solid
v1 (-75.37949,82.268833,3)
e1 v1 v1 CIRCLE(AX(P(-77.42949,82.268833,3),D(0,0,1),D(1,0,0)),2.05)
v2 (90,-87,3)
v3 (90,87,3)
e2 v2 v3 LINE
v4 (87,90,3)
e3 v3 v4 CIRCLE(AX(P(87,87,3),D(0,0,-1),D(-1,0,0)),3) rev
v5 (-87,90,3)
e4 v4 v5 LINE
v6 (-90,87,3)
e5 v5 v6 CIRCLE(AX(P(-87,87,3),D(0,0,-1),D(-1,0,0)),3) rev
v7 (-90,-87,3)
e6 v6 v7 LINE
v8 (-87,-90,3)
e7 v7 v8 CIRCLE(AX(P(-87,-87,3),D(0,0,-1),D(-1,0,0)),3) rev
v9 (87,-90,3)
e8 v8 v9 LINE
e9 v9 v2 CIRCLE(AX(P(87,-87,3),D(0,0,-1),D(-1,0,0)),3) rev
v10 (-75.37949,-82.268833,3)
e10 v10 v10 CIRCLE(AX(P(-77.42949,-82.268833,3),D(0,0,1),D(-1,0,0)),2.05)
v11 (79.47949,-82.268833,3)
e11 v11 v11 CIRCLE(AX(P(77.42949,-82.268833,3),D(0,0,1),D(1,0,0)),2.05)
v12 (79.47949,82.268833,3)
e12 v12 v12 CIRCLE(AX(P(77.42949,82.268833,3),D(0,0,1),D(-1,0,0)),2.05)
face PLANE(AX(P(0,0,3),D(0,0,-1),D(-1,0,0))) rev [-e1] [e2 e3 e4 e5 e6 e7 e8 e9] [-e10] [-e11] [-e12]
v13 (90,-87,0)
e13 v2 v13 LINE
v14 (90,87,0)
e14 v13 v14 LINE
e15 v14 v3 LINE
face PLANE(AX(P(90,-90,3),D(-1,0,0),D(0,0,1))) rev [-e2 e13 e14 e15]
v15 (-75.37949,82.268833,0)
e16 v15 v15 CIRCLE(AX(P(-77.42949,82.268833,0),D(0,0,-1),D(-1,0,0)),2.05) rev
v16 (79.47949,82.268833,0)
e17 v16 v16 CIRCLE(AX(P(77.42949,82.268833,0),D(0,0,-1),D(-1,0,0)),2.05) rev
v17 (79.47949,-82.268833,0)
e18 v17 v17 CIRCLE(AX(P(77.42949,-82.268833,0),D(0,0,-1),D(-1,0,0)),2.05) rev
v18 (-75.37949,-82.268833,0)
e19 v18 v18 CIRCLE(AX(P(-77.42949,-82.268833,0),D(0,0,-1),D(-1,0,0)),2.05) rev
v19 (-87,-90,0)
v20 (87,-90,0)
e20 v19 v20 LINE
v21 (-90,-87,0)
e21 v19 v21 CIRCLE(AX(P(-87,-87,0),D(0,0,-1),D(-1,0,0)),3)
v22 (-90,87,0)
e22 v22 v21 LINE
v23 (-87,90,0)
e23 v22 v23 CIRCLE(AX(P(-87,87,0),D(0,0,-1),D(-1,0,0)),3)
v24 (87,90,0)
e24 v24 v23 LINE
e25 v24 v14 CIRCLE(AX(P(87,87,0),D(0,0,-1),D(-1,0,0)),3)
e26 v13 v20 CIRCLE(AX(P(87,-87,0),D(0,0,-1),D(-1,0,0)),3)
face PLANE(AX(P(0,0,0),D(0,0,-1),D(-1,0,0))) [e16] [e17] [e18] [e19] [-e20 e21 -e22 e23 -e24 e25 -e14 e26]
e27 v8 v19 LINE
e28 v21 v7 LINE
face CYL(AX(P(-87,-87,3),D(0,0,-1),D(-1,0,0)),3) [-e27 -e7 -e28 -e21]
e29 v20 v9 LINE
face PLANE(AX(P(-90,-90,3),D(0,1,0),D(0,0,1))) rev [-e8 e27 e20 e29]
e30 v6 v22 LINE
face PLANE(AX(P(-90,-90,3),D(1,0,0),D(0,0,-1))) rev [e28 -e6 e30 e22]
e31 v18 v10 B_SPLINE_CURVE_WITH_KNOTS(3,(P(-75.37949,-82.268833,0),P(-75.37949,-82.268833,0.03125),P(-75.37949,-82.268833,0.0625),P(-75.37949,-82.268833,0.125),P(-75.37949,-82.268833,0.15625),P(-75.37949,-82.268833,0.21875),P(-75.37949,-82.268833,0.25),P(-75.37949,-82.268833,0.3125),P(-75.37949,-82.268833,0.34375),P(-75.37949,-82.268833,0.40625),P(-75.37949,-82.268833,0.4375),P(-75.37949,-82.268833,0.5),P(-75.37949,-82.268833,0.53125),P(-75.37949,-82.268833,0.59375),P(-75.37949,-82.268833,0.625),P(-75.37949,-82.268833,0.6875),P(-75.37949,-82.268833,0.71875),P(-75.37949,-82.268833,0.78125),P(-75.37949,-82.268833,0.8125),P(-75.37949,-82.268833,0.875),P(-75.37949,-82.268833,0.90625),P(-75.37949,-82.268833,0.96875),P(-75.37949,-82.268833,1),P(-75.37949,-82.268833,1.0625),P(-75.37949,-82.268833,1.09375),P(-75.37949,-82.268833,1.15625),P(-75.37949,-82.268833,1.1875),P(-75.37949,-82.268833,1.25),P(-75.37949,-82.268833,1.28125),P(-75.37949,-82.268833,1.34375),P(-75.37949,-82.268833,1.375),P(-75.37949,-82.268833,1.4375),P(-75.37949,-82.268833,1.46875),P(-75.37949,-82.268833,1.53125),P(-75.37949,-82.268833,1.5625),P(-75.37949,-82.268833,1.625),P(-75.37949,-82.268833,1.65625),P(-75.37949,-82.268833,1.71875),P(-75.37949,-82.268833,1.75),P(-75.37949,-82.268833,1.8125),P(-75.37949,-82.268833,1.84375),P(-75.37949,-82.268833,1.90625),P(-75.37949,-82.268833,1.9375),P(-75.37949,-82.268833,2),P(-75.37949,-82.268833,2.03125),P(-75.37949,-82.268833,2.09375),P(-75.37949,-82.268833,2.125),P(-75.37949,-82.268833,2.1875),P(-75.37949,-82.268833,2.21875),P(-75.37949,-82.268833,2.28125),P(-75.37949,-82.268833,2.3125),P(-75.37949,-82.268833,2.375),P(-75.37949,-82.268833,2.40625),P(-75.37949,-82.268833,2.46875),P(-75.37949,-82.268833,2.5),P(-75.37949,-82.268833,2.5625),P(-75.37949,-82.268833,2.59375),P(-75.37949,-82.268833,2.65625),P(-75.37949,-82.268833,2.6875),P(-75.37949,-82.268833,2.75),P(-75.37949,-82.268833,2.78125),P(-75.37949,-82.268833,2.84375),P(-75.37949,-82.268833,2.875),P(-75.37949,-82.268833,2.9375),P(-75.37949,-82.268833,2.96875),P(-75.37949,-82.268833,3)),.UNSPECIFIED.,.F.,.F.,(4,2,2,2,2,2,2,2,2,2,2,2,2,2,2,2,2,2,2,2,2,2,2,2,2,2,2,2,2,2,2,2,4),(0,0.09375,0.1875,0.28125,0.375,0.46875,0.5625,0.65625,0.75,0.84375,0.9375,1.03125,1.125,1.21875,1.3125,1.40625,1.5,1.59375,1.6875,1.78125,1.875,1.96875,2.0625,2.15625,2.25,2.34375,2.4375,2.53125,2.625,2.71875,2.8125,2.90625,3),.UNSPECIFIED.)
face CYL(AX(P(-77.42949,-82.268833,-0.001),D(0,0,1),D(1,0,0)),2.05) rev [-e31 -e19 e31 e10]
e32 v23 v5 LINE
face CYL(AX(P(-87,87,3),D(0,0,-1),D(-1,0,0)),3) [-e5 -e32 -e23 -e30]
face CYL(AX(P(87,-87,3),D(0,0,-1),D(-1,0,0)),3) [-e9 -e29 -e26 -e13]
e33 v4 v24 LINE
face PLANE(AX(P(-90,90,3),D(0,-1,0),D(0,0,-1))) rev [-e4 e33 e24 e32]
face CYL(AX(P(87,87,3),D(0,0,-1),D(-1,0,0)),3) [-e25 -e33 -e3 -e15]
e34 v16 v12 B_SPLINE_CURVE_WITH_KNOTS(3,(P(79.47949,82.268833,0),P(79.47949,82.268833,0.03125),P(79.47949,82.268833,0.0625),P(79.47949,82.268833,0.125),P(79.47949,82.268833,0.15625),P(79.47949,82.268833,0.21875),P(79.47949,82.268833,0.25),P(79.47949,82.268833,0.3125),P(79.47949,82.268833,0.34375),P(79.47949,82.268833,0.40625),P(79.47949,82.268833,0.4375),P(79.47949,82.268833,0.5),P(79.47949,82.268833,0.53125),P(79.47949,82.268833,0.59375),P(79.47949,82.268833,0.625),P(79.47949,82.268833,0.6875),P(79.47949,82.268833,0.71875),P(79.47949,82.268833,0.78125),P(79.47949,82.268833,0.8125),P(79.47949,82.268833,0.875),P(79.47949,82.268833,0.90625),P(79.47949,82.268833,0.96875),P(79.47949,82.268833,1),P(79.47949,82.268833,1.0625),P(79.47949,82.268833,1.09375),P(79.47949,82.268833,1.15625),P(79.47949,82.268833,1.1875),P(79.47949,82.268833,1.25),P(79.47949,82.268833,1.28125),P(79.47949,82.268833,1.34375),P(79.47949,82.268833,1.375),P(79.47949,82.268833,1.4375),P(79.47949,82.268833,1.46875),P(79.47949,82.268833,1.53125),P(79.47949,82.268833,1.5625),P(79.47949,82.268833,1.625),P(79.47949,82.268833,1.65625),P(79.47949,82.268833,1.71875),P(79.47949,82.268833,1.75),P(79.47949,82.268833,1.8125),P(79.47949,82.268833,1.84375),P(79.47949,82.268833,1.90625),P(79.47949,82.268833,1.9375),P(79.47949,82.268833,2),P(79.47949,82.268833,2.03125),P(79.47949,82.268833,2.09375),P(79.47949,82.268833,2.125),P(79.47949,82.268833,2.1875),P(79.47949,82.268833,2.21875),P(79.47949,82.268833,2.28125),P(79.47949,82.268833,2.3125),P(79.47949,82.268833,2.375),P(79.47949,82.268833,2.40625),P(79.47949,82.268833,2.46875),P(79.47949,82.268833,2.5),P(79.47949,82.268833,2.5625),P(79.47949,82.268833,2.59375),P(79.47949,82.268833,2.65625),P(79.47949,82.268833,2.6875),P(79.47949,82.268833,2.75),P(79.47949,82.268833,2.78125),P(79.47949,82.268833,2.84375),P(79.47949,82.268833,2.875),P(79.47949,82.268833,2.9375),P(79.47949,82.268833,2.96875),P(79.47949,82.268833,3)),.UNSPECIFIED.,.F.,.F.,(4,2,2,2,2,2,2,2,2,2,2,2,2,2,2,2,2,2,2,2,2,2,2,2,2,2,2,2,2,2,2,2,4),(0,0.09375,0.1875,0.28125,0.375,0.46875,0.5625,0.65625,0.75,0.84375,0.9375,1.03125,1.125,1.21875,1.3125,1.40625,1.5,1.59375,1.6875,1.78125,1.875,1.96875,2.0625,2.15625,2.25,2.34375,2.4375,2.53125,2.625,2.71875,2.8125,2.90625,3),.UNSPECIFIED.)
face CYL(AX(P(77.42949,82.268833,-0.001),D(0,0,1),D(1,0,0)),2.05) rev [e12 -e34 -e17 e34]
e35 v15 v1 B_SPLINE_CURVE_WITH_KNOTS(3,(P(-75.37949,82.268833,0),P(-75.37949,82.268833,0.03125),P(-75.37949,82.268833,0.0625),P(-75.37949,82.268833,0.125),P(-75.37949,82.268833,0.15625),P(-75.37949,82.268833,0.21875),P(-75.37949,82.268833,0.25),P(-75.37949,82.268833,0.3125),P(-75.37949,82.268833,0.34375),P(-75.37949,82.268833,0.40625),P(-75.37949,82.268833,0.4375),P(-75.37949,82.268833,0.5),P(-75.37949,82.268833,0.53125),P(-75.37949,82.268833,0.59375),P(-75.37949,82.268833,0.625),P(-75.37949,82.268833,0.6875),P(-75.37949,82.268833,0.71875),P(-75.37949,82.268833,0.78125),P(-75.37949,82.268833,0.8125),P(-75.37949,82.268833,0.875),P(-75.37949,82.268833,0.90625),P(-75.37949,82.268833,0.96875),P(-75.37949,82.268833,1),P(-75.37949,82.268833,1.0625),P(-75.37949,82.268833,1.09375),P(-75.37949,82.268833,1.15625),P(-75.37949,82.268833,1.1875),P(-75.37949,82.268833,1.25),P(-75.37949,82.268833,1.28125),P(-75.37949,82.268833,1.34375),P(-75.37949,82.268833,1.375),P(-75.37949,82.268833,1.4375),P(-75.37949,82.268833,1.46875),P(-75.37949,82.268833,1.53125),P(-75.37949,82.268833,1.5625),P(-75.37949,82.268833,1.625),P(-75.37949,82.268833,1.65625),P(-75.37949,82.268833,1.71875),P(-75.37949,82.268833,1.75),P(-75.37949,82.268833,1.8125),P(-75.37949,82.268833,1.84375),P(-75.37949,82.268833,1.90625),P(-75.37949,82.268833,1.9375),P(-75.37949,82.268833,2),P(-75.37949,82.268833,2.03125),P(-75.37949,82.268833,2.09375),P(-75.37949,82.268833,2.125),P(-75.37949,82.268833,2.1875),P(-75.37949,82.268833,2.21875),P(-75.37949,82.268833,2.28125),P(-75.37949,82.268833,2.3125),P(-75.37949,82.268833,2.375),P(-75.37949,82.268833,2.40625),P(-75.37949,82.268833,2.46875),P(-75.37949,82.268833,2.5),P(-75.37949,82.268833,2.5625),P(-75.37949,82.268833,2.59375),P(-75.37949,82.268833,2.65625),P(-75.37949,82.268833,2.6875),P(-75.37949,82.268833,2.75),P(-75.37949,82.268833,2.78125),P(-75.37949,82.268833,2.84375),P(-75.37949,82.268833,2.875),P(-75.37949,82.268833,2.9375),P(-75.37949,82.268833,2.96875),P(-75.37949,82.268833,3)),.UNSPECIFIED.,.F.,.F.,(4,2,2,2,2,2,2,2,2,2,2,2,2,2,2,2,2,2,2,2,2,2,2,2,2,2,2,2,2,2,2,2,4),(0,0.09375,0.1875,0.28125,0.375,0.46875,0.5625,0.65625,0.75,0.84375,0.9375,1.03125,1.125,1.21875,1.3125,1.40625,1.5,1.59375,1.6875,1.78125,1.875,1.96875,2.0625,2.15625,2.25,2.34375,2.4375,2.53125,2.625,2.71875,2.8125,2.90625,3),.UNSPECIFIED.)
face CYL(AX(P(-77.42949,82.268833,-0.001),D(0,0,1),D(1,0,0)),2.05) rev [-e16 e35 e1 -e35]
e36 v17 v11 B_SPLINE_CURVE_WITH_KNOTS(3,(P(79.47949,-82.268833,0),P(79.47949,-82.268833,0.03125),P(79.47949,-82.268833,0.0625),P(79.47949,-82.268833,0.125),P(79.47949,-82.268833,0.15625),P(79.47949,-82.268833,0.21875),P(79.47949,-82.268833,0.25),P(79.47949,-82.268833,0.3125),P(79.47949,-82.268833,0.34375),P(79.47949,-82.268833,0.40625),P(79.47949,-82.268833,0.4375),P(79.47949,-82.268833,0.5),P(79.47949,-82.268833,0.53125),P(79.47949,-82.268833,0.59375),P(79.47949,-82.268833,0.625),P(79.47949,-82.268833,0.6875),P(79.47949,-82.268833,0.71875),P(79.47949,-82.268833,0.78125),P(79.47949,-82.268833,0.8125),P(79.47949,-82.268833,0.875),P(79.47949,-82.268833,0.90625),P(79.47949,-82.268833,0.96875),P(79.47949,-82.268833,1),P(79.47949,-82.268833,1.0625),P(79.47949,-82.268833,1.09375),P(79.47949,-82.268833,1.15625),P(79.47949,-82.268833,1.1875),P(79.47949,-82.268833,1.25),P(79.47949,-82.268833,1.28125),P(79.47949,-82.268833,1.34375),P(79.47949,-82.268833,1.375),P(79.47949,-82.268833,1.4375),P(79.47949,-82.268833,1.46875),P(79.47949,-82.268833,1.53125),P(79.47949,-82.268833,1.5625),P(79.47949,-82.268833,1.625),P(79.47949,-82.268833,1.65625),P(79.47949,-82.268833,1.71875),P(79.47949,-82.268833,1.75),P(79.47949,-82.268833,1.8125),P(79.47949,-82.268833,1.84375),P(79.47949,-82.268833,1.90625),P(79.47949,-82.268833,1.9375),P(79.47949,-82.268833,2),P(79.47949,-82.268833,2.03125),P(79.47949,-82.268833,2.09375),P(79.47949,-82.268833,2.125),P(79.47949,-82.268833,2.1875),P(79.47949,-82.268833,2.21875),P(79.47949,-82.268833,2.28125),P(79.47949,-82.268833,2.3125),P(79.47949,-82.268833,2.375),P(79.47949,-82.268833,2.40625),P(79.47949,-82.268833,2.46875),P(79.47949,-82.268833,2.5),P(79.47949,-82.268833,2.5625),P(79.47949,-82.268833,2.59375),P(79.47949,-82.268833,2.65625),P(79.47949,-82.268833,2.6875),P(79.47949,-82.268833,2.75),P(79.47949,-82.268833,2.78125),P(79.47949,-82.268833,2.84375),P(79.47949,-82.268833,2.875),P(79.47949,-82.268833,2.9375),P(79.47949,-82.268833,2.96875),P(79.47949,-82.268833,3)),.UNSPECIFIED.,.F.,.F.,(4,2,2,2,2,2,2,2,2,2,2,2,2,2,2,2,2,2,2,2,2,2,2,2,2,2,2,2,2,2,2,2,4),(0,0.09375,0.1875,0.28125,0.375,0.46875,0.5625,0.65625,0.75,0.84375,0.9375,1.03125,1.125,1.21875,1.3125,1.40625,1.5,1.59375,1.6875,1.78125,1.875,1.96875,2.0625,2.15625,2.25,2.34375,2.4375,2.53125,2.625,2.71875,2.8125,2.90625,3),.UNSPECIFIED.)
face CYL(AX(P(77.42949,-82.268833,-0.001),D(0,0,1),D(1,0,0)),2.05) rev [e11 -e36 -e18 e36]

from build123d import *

# Parameters (mm, degrees)
SKETCH1_W           = 180
SKETCH1_H           = 180
BOSS_EXTRUDE1_DEPTH = 3
FILLET1_R           = 3
CUT_EXTRUDE_1_REACH = 129.315
SKETCH_1_R          = 2.05


with BuildPart() as part:
    # Sketch1 → Boss-Extrude1 (new body)
    with BuildSketch(Plane.XY):
        Rectangle(SKETCH1_W, SKETCH1_H)
    extrude(amount=BOSS_EXTRUDE1_DEPTH)

    # Fillet1
    fillet1_edges = [part.edges().sort_by_distance(p)[0] for p in [
        (90, -90, 1.5),
        (-90, -90, 1.5),
        (-90, 90, 1.5),
        (90, 90, 1.5),
    ]]
    fillet(fillet1_edges, radius=FILLET1_R)

    # 草图1 → 切除-拉伸1 (cut, up to next)
    with BuildSketch(Plane.XY.offset(3), mode=Mode.PRIVATE) as cut_extrude_1_sk1:
        with Locations((-77.42949016, 82.268833295)):
            Circle(SKETCH_1_R)
    cut_extrude_1_tool1 = extrude(cut_extrude_1_sk1.sketch, amount=-CUT_EXTRUDE_1_REACH, mode=Mode.PRIVATE) & part.part
    # 草图1 → 切除-拉伸1 (cut, up to next)
    with BuildSketch(Plane.XY.offset(3), mode=Mode.PRIVATE) as cut_extrude_1_sk2:
        with Locations((77.42949016, 82.268833295)):
            Circle(SKETCH_1_R)
    cut_extrude_1_tool2 = extrude(cut_extrude_1_sk2.sketch, amount=-CUT_EXTRUDE_1_REACH, mode=Mode.PRIVATE) & part.part
    # 草图1 → 切除-拉伸1 (cut, up to next)
    with BuildSketch(Plane.XY.offset(3), mode=Mode.PRIVATE) as cut_extrude_1_sk3:
        with Locations((77.42949016, -82.268833295)):
            Circle(SKETCH_1_R)
    cut_extrude_1_tool3 = extrude(cut_extrude_1_sk3.sketch, amount=-CUT_EXTRUDE_1_REACH, mode=Mode.PRIVATE) & part.part
    # 草图1 → 切除-拉伸1 (cut, up to next)
    with BuildSketch(Plane.XY.offset(3), mode=Mode.PRIVATE) as cut_extrude_1_sk4:
        with Locations((-77.42949016, -82.268833295)):
            Circle(SKETCH_1_R)
    cut_extrude_1_tool4 = extrude(cut_extrude_1_sk4.sketch, amount=-CUT_EXTRUDE_1_REACH, mode=Mode.PRIVATE) & part.part
    add(cut_extrude_1_tool1.solids().sort_by_distance((-77.42949, 82.268833, 3))[0], mode=Mode.SUBTRACT)
    add(cut_extrude_1_tool2.solids().sort_by_distance((77.42949, 82.268833, 3))[0], mode=Mode.SUBTRACT)
    add(cut_extrude_1_tool3.solids().sort_by_distance((77.42949, -82.268833, 3))[0], mode=Mode.SUBTRACT)
    add(cut_extrude_1_tool4.solids().sort_by_distance((-77.42949, -82.268833, 3))[0], mode=Mode.SUBTRACT)


solid = part.part
